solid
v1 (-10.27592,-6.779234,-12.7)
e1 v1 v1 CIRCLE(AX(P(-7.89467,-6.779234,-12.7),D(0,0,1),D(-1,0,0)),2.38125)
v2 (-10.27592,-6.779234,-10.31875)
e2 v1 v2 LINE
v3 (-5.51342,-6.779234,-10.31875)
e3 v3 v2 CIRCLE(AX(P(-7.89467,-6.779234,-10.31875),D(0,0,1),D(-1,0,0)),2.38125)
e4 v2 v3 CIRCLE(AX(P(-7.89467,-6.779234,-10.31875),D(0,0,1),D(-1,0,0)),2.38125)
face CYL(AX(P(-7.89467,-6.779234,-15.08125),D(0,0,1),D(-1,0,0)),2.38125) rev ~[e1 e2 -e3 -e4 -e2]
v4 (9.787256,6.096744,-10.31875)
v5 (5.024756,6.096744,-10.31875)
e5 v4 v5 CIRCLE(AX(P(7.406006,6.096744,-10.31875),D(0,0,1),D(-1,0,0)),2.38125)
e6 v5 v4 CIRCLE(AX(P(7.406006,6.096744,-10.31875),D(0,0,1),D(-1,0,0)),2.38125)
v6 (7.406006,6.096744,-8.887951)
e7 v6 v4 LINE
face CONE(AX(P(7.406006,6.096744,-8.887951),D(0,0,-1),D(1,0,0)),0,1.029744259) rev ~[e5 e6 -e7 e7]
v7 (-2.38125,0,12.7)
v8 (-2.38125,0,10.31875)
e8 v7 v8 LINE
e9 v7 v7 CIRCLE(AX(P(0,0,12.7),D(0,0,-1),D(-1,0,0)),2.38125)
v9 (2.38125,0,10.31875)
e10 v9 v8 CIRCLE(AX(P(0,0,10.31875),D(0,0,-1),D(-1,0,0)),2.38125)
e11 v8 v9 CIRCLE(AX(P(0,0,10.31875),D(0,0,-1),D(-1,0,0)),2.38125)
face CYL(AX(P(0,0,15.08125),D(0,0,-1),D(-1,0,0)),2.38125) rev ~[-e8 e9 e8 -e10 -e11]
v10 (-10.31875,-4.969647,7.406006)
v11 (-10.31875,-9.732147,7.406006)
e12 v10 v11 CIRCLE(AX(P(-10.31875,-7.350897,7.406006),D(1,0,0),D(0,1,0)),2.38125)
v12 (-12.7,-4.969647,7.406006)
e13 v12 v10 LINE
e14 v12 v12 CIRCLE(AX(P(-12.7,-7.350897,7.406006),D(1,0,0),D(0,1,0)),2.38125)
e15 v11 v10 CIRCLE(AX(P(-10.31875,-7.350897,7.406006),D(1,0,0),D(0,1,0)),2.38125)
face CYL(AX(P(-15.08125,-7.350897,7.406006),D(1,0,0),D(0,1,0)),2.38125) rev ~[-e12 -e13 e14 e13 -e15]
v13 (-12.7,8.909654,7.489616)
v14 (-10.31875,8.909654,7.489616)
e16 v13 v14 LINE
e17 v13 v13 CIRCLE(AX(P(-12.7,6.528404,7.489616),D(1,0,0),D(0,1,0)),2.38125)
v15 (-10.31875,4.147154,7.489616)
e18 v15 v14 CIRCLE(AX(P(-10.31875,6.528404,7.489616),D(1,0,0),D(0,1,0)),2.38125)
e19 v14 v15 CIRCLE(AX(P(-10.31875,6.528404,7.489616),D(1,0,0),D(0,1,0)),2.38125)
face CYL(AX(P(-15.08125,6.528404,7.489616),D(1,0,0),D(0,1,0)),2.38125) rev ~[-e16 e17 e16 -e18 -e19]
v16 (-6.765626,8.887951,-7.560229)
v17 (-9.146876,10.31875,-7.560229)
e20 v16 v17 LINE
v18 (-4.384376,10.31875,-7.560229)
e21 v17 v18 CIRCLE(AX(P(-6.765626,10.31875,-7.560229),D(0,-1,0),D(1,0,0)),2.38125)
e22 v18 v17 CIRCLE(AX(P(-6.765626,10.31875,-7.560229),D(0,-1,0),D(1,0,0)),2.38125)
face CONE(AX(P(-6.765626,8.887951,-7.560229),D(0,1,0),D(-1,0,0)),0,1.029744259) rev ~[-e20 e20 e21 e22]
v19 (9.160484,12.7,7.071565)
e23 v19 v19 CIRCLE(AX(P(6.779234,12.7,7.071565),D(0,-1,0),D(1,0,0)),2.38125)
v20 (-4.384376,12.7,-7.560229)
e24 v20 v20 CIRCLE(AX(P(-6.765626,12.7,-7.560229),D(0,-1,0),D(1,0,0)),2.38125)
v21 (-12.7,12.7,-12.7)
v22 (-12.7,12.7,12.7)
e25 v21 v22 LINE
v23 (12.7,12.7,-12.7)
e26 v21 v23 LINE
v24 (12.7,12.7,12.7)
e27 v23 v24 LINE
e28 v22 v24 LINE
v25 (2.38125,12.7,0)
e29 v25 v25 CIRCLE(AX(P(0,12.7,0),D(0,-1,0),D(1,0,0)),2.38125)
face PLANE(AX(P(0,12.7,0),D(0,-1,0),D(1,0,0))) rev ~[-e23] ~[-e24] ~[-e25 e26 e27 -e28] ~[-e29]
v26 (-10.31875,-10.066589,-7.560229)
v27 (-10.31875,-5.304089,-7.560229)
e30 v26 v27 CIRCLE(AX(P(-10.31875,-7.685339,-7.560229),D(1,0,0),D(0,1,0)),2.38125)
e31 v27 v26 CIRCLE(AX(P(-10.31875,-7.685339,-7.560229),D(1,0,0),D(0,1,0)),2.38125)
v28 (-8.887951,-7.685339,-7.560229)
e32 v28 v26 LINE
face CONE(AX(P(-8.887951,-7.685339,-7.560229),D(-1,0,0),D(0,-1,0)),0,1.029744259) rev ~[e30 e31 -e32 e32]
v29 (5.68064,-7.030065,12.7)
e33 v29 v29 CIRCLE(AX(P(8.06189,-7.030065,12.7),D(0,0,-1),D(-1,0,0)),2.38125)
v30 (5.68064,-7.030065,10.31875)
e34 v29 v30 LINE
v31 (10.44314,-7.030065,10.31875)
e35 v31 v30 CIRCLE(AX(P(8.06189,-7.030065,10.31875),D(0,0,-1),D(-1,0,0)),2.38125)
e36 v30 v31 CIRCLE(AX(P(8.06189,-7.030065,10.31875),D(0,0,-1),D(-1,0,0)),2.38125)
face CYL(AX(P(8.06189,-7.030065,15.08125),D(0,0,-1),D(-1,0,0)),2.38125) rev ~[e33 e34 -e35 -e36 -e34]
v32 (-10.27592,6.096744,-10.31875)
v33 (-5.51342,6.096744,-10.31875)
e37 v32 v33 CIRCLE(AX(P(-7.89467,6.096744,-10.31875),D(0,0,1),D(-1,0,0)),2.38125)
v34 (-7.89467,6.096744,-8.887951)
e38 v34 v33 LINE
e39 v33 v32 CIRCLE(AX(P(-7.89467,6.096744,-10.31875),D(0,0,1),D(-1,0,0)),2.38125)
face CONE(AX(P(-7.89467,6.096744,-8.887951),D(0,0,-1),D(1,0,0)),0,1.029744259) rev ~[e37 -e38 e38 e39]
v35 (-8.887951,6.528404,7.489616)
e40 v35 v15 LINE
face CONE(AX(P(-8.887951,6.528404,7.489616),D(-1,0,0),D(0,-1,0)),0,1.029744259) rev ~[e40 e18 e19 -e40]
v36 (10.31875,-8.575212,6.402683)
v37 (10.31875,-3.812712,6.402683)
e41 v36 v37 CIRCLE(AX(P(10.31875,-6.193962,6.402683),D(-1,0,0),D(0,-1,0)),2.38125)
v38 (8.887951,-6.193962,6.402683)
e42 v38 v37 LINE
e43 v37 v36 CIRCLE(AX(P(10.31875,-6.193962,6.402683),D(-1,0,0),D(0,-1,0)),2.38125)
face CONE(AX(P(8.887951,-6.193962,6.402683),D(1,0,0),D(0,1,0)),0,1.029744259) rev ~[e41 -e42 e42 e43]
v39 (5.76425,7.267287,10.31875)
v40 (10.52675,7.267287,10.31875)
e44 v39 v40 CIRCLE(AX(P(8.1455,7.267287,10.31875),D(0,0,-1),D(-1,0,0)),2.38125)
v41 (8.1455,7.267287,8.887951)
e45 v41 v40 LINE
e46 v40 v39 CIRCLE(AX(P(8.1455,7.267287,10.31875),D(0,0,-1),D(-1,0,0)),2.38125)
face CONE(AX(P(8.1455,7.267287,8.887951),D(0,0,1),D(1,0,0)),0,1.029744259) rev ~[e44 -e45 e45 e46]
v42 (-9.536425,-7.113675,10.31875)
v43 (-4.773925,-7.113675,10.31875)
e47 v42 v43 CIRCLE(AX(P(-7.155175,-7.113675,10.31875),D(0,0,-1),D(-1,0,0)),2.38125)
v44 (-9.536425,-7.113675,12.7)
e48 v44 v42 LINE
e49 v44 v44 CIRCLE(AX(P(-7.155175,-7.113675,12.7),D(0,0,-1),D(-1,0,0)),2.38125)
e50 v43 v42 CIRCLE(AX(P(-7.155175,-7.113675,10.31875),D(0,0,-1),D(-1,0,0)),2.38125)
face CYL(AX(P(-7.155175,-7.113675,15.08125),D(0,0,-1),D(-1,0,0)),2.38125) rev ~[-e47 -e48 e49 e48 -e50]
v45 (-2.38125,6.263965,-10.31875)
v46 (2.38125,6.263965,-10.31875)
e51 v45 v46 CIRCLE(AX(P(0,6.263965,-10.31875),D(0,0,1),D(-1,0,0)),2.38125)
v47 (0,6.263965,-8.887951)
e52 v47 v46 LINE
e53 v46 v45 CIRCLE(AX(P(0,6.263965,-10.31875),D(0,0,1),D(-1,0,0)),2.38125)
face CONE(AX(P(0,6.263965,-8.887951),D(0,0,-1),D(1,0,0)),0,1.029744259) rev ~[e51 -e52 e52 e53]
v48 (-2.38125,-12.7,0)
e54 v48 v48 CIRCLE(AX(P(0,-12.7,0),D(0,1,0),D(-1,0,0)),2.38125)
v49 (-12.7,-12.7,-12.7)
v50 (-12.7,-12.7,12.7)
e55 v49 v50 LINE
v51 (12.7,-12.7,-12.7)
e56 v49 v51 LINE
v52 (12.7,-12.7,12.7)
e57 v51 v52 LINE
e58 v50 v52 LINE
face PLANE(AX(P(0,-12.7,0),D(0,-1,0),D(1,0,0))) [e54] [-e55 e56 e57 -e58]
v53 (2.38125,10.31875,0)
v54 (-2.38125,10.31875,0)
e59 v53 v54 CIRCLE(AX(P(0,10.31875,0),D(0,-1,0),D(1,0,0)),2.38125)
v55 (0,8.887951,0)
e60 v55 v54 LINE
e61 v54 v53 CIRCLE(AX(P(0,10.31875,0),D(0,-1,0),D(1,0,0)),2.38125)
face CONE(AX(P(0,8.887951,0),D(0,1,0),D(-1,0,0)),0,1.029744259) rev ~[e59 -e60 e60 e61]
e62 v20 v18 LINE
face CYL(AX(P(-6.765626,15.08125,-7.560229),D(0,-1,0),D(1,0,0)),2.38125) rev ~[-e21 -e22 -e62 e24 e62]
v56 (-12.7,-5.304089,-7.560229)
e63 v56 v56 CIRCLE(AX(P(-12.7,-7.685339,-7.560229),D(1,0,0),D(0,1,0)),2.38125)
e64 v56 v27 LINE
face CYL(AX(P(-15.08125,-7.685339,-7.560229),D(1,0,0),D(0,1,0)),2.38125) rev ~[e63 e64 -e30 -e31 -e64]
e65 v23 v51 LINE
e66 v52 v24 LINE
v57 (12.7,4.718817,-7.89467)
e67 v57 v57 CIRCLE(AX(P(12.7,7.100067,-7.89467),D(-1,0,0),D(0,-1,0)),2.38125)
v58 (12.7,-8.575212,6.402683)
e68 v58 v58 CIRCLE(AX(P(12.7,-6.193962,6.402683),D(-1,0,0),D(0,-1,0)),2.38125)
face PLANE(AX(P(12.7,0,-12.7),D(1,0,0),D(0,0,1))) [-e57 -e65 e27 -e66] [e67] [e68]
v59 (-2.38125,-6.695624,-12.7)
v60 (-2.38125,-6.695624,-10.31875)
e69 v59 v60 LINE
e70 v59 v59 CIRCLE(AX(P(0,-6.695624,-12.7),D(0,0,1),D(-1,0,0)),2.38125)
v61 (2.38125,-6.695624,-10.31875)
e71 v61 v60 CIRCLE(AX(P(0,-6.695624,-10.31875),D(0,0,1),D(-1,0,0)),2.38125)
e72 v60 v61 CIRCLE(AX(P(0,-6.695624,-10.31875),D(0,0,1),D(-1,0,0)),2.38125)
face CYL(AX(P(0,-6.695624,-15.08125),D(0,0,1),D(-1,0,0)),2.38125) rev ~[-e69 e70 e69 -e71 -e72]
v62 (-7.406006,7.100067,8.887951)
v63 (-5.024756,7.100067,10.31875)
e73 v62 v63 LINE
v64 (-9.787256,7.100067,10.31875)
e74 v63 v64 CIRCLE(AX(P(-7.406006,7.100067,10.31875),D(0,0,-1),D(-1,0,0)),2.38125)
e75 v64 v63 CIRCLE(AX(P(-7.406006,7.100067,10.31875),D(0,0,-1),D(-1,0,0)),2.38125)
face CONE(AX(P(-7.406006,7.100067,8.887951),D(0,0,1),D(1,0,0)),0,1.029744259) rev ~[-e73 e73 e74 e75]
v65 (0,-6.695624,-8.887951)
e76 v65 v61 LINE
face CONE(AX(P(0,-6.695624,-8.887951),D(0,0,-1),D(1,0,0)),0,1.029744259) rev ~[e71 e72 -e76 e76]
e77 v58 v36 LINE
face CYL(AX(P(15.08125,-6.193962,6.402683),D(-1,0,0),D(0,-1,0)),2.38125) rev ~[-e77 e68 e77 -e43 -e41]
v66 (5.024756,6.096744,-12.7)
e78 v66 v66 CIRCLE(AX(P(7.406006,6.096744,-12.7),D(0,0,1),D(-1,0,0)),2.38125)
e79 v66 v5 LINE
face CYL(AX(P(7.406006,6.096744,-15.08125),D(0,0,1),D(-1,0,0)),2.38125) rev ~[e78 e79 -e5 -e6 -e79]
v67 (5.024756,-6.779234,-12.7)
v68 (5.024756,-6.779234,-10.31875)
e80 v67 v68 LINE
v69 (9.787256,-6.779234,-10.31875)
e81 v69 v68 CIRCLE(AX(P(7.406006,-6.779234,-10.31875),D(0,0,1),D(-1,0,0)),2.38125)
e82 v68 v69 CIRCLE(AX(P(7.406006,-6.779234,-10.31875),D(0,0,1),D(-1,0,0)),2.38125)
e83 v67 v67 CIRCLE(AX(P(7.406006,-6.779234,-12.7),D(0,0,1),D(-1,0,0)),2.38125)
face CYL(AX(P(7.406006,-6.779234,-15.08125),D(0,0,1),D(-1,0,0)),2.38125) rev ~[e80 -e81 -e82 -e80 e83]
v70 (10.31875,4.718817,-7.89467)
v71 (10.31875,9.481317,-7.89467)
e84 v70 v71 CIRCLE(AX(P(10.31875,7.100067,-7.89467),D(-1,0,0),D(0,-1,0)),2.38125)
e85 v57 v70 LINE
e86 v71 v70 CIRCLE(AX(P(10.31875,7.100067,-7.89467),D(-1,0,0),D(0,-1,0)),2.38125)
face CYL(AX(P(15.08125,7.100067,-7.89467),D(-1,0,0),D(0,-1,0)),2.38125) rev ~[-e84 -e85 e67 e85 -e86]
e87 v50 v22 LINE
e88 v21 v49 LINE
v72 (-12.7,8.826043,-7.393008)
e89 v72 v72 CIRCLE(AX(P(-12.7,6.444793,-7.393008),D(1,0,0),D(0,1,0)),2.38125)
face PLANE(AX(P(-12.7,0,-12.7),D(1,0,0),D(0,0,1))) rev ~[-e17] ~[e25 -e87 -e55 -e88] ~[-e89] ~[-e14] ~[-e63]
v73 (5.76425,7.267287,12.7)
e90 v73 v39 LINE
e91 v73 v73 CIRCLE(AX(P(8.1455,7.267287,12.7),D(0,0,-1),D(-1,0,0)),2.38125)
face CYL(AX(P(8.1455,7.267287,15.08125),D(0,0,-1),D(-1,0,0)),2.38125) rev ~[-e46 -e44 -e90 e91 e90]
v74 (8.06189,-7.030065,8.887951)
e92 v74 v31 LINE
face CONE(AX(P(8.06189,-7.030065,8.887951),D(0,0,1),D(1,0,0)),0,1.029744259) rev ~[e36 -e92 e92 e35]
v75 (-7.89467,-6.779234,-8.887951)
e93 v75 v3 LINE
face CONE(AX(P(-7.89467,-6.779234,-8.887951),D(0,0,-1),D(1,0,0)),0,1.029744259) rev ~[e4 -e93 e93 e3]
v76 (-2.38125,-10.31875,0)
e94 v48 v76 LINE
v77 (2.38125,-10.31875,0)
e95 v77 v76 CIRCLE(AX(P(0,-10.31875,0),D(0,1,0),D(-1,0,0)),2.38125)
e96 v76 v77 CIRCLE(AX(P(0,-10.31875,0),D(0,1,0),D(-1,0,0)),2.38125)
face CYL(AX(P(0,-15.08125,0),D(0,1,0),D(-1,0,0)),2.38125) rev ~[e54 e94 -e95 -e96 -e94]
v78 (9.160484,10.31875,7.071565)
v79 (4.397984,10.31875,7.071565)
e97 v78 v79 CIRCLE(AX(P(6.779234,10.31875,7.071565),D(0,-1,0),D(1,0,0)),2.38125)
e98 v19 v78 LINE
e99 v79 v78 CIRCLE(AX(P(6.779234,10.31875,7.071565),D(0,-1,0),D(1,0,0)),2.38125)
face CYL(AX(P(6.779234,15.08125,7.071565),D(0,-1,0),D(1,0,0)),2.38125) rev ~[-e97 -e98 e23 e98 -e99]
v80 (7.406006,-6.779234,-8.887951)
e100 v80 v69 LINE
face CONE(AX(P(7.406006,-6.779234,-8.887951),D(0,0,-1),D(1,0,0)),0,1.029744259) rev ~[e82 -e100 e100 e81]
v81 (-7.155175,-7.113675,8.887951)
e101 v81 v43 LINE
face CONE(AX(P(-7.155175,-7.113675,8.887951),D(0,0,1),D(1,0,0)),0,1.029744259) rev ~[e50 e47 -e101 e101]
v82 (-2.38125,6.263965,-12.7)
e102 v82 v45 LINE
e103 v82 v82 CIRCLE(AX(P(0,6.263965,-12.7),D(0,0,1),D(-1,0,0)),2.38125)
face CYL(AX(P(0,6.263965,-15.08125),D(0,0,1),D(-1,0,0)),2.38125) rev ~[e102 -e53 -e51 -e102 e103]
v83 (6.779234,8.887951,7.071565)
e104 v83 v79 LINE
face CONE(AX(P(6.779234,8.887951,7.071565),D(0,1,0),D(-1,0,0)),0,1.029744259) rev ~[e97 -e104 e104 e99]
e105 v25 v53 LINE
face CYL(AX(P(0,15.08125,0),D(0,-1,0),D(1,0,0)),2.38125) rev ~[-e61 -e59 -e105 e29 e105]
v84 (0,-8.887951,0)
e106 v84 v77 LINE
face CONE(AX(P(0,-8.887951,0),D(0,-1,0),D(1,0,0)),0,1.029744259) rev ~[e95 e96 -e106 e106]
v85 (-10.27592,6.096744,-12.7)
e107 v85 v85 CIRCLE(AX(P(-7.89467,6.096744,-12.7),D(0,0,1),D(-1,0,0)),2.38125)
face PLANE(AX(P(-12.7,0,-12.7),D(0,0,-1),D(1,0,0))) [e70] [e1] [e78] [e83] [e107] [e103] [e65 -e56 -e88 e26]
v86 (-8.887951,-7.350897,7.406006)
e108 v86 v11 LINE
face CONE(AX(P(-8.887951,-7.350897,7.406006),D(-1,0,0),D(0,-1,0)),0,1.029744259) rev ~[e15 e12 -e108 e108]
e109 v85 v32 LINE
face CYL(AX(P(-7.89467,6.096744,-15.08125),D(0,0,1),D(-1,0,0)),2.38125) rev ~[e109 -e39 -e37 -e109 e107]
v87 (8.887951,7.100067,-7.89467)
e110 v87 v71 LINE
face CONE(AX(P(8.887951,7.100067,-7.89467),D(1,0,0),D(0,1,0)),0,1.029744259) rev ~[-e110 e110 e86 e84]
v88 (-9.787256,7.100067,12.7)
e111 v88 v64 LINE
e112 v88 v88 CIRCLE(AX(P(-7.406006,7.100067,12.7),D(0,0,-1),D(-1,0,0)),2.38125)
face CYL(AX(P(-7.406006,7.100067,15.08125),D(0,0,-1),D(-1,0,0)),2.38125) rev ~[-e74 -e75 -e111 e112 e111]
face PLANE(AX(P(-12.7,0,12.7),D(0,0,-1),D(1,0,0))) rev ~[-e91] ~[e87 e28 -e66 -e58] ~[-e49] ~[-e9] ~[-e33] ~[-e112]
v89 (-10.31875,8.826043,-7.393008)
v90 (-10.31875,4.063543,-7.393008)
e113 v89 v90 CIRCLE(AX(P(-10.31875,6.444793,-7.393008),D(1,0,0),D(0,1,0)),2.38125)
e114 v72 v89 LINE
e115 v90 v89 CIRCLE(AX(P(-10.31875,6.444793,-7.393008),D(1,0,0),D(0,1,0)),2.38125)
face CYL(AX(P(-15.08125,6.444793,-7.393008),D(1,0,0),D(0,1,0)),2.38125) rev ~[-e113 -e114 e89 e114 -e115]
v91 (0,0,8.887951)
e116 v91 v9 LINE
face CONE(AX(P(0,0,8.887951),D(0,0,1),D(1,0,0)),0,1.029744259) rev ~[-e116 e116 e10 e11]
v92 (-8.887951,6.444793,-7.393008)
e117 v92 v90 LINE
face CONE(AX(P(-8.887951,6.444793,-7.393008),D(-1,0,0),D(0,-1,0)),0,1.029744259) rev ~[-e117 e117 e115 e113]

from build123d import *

# Parameters (mm, degrees)
F0_W      = 25.4
F0_H      = 25.4
F1_DEPTH  = 12.7
F3_D      = 4.7625
F3_DEPTH  = 2.38125
F3_TIP    = 1.4307993491
F5_D      = 4.7625
F5_DEPTH  = 2.38125
F5_TIP    = 1.4307993491
F7_D      = 4.7625
F7_DEPTH  = 2.38125
F7_TIP    = 1.4307993491
F9_D      = 4.7625
F9_DEPTH  = 2.38125
F9_TIP    = 1.4307993491
F11_D     = 4.7625
F11_DEPTH = 2.38125
F11_TIP   = 1.4307993491
F13_D     = 4.7625
F13_DEPTH = 2.38125
F13_TIP   = 1.4307993491


with BuildPart() as f1:
    # F0 (on Front) → F1 (new body, symmetric)
    with BuildSketch(Plane.XZ):
        Rectangle(F0_W, F0_H)
    extrude(amount=F1_DEPTH, both=True)

    # F3
    with Locations(Plane.XZ.offset(12.7)):
        with Locations((0, 0)):
            Hole(F3_D / 2, depth=F3_DEPTH)
            with Locations((0, 0, -(F3_DEPTH + F3_TIP / 2))):  # 118° drill point
                Cone(0, F3_D / 2, F3_TIP, mode=Mode.SUBTRACT)

    # F5
    with Locations(Plane(origin=(-12.7, 0, 0), x_dir=(0, -1, 0), z_dir=(-1, 0, 0))):
        with Locations((-6.52840361, 7.4896160513), (-6.4447931945, -7.393008098), (7.3508974165, 7.4060056359), (7.6853386126, -7.5602289289)):
            Hole(F5_D / 2, depth=F5_DEPTH)
            with Locations((0, 0, -(F5_DEPTH + F5_TIP / 2))):  # 118° drill point
                Cone(0, F5_D / 2, F5_TIP, mode=Mode.SUBTRACT)

    # F7
    with Locations(Plane(origin=(0, 12.7, 0), x_dir=(-1, 0, 0), z_dir=(0, 1, 0))):
        with Locations((-6.7792343907, 7.0715649053), (0, 0), (6.7656259052, -7.5602289289)):
            Hole(F7_D / 2, depth=F7_DEPTH)
            with Locations((0, 0, -(F7_DEPTH + F7_TIP / 2))):  # 118° drill point
                Cone(0, F7_D / 2, F7_TIP, mode=Mode.SUBTRACT)

    # F9
    with Locations(Plane.YZ.offset(12.7)):
        with Locations((-6.1939624138, 6.4026829787), (7.1000671014, -7.8946696594)):
            Hole(F9_D / 2, depth=F9_DEPTH)
            with Locations((0, 0, -(F9_DEPTH + F9_TIP / 2))):  # 118° drill point
                Cone(0, F9_D / 2, F9_TIP, mode=Mode.SUBTRACT)

    # F11
    with Locations(Plane.XY.offset(12.7)):
        with Locations((-7.1551753208, -7.1136751212), (0, 0), (8.1454999745, 7.2672874667), (-7.4060056359, 7.1000671014), (8.061889559, -7.0300651714)):
            Hole(F11_D / 2, depth=F11_DEPTH)
            with Locations((0, 0, -(F11_DEPTH + F11_TIP / 2))):  # 118° drill point
                Cone(0, F11_D / 2, F11_TIP, mode=Mode.SUBTRACT)

    # F13
    with Locations(Plane(origin=(0, 0, -12.7), x_dir=(1, 0, 0), z_dir=(0, 0, -1))):
        with Locations((7.4060056359, 6.7792343907), (7.4060056359, -6.0967435129), (0, -6.2639648095), (0, 6.6956239752), (-7.8946696594, 6.7792343907), (-7.8946696594, -6.0967435129)):
            Hole(F13_D / 2, depth=F13_DEPTH)
            with Locations((0, 0, -(F13_DEPTH + F13_TIP / 2))):  # 118° drill point
                Cone(0, F13_D / 2, F13_TIP, mode=Mode.SUBTRACT)


solid = f1.part
